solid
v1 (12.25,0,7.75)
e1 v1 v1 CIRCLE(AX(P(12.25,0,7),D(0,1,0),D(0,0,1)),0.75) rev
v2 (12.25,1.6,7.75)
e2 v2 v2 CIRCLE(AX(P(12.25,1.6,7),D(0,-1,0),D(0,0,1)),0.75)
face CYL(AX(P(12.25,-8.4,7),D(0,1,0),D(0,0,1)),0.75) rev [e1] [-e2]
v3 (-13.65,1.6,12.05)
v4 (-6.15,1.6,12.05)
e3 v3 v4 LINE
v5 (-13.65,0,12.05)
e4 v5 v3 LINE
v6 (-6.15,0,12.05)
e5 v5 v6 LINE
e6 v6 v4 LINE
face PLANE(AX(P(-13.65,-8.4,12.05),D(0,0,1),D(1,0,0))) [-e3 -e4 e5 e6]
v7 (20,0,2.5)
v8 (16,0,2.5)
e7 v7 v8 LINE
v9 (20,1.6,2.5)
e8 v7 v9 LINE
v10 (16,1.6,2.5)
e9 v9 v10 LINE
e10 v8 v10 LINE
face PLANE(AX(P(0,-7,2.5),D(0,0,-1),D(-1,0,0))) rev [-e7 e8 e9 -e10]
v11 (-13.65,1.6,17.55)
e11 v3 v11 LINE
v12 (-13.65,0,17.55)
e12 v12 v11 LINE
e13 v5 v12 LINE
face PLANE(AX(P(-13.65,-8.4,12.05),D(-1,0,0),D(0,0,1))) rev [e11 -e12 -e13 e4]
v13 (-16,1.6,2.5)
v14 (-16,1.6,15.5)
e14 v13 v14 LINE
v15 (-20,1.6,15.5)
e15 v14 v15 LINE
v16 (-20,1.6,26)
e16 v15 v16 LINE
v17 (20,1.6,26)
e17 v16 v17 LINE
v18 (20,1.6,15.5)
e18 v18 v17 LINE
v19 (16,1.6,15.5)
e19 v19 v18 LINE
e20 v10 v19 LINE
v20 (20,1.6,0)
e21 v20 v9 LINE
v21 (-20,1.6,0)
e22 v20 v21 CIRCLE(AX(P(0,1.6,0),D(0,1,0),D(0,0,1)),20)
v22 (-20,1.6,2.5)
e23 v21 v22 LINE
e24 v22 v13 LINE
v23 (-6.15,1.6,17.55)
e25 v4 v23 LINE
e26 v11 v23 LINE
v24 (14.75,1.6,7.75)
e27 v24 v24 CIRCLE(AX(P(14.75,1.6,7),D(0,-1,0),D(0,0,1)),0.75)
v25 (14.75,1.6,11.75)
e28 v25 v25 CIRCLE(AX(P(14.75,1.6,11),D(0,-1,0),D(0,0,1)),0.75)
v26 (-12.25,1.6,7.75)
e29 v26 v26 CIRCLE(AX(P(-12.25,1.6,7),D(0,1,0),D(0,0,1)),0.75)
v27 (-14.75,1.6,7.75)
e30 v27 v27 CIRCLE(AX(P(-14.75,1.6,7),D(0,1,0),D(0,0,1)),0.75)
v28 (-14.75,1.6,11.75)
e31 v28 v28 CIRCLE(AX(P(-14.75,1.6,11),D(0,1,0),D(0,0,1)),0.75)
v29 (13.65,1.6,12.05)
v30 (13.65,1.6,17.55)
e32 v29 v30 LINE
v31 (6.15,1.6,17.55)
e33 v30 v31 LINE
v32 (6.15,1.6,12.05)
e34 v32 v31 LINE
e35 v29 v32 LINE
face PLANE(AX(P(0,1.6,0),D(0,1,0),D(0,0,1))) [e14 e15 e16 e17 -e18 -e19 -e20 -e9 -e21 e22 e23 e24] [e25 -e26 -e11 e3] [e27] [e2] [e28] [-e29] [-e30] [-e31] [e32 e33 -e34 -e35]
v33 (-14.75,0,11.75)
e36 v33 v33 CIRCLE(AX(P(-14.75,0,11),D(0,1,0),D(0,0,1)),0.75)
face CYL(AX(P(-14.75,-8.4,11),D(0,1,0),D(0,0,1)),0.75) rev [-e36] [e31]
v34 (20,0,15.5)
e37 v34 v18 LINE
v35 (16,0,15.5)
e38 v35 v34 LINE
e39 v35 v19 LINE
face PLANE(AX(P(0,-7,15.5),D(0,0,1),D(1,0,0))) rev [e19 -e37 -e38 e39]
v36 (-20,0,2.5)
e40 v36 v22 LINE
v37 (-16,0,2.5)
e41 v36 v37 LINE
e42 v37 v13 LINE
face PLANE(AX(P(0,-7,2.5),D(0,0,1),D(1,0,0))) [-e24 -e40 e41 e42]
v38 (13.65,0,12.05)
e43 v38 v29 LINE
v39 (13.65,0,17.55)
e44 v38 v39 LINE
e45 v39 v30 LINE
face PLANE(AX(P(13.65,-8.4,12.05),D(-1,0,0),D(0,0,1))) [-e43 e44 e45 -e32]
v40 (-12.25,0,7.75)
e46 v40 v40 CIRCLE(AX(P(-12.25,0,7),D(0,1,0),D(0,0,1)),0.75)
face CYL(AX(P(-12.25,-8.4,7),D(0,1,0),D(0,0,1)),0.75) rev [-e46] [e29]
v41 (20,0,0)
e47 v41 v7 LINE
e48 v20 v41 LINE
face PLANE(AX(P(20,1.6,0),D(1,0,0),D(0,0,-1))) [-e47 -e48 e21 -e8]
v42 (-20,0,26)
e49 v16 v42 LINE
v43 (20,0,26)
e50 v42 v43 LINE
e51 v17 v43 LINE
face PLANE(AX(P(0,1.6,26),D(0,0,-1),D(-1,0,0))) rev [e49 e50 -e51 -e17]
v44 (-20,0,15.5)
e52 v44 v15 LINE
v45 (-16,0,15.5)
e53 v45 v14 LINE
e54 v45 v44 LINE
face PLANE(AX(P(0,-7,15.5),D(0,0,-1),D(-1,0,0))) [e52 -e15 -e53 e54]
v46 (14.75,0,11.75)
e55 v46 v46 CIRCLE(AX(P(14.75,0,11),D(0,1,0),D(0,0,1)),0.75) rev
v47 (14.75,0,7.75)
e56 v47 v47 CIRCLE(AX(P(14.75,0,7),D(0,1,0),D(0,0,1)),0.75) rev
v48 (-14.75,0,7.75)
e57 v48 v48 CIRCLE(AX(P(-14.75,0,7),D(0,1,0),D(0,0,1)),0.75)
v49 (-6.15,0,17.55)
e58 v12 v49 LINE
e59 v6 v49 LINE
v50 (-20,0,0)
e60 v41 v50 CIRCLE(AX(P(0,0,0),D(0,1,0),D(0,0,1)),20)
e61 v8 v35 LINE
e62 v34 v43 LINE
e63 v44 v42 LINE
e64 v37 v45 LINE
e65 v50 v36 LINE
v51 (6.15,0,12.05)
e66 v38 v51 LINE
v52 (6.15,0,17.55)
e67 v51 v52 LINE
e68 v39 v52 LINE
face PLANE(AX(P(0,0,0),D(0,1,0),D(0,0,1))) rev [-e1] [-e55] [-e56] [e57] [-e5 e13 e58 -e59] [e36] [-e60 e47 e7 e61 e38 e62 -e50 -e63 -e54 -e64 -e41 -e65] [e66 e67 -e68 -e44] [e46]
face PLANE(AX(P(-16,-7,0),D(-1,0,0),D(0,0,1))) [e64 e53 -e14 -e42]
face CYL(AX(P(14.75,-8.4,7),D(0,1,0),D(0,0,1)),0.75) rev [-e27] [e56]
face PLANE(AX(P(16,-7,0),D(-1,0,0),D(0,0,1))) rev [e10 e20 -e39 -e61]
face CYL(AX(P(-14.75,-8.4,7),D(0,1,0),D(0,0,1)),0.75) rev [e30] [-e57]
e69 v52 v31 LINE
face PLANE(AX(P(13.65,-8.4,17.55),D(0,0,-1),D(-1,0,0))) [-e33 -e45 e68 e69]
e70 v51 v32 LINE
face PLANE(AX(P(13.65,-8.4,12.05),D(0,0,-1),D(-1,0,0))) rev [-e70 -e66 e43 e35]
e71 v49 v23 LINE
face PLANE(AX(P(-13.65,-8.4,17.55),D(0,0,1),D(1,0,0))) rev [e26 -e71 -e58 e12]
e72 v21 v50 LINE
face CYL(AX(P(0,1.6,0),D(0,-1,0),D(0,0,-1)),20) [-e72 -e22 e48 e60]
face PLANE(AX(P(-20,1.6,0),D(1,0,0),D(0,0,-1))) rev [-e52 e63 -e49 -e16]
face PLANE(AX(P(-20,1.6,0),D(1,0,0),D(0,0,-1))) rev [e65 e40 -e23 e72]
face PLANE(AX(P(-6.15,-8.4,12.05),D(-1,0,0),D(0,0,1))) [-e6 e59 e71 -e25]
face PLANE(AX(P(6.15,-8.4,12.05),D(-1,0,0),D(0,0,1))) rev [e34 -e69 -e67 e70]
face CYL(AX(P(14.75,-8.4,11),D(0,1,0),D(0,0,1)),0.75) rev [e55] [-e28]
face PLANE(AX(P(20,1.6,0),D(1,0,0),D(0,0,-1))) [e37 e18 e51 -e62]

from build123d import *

# Parameters (mm, degrees)
BOSS_EXTRUDE1_DEPTH = 1.6
SKETCH2_W           = 4
SKETCH2_H           = 13
CUT_EXTRUDE2_DEPTH  = 10
SKETCH3_W           = 7.5
SKETCH3_H           = 5.5
CUT_EXTRUDE3_DEPTH  = 10
SKETCH4_R           = 0.75
CUT_EXTRUDE4_DEPTH  = 10


with BuildPart() as part:
    # Sketch1 → Boss-Extrude1 (new body)
    with BuildSketch(Plane(origin=(0, 0, 0), x_dir=(1, 0, 0), z_dir=(0, 1, 0))):
        with BuildLine():
            Line((20, 0), (20, -26))
            Line((20, -26), (-20, -26))
            Line((-20, -26), (-20, 0))
            ThreePointArc((-20, 0), (0, 20), (20, 0))
        make_face()
    extrude(amount=BOSS_EXTRUDE1_DEPTH)

    # Sketch2 → Cut-Extrude2 (cut)
    with BuildSketch(Plane(origin=(0, 3, 0), x_dir=(1, 0, 0), z_dir=(0, 1, 0))):
        with Locations((-18, -9)):
            Rectangle(SKETCH2_W, SKETCH2_H)
        with Locations((18, -9)):
            Rectangle(SKETCH2_W, SKETCH2_H)
    extrude(amount=-CUT_EXTRUDE2_DEPTH, mode=Mode.SUBTRACT)

    # Sketch3 → Cut-Extrude3 (cut)
    with BuildSketch(Plane(origin=(0, 1.6, 0), x_dir=(1, 0, 0), z_dir=(0, 1, 0))):
        with Locations((-9.9, -14.8)):
            Rectangle(SKETCH3_W, SKETCH3_H)
    cut_extrude3 = extrude(amount=-CUT_EXTRUDE3_DEPTH, mode=Mode.SUBTRACT)

    # Mirror1: Cut-Extrude3 across plane
    add(cut_extrude3.mirror(Plane(origin=(0, 0, 0), x_dir=(0, 0, 1), z_dir=(1, 0, 0))), mode=Mode.SUBTRACT)

    # Sketch4 → Cut-Extrude4 (cut)
    with BuildSketch(Plane(origin=(0, 1.6, 0), x_dir=(1, 0, 0), z_dir=(0, 1, 0))):
        with Locations(Location((-14.75, -7, 0), (0, 0, 270))):
            Circle(SKETCH4_R)
        with Locations(Location((-14.75, -11, 0), (0, 0, 270))):
            Circle(SKETCH4_R)
        with Locations(Location((-12.25, -7, 0), (0, 0, 270))):
            Circle(SKETCH4_R)
    cut_extrude4 = extrude(amount=-CUT_EXTRUDE4_DEPTH, mode=Mode.SUBTRACT)

    # Mirror2: Cut-Extrude4 across plane
    add(cut_extrude4.mirror(Plane(origin=(0, 0, 0), x_dir=(0, 0, 1), z_dir=(1, 0, 0))), mode=Mode.SUBTRACT)


solid = part.part
